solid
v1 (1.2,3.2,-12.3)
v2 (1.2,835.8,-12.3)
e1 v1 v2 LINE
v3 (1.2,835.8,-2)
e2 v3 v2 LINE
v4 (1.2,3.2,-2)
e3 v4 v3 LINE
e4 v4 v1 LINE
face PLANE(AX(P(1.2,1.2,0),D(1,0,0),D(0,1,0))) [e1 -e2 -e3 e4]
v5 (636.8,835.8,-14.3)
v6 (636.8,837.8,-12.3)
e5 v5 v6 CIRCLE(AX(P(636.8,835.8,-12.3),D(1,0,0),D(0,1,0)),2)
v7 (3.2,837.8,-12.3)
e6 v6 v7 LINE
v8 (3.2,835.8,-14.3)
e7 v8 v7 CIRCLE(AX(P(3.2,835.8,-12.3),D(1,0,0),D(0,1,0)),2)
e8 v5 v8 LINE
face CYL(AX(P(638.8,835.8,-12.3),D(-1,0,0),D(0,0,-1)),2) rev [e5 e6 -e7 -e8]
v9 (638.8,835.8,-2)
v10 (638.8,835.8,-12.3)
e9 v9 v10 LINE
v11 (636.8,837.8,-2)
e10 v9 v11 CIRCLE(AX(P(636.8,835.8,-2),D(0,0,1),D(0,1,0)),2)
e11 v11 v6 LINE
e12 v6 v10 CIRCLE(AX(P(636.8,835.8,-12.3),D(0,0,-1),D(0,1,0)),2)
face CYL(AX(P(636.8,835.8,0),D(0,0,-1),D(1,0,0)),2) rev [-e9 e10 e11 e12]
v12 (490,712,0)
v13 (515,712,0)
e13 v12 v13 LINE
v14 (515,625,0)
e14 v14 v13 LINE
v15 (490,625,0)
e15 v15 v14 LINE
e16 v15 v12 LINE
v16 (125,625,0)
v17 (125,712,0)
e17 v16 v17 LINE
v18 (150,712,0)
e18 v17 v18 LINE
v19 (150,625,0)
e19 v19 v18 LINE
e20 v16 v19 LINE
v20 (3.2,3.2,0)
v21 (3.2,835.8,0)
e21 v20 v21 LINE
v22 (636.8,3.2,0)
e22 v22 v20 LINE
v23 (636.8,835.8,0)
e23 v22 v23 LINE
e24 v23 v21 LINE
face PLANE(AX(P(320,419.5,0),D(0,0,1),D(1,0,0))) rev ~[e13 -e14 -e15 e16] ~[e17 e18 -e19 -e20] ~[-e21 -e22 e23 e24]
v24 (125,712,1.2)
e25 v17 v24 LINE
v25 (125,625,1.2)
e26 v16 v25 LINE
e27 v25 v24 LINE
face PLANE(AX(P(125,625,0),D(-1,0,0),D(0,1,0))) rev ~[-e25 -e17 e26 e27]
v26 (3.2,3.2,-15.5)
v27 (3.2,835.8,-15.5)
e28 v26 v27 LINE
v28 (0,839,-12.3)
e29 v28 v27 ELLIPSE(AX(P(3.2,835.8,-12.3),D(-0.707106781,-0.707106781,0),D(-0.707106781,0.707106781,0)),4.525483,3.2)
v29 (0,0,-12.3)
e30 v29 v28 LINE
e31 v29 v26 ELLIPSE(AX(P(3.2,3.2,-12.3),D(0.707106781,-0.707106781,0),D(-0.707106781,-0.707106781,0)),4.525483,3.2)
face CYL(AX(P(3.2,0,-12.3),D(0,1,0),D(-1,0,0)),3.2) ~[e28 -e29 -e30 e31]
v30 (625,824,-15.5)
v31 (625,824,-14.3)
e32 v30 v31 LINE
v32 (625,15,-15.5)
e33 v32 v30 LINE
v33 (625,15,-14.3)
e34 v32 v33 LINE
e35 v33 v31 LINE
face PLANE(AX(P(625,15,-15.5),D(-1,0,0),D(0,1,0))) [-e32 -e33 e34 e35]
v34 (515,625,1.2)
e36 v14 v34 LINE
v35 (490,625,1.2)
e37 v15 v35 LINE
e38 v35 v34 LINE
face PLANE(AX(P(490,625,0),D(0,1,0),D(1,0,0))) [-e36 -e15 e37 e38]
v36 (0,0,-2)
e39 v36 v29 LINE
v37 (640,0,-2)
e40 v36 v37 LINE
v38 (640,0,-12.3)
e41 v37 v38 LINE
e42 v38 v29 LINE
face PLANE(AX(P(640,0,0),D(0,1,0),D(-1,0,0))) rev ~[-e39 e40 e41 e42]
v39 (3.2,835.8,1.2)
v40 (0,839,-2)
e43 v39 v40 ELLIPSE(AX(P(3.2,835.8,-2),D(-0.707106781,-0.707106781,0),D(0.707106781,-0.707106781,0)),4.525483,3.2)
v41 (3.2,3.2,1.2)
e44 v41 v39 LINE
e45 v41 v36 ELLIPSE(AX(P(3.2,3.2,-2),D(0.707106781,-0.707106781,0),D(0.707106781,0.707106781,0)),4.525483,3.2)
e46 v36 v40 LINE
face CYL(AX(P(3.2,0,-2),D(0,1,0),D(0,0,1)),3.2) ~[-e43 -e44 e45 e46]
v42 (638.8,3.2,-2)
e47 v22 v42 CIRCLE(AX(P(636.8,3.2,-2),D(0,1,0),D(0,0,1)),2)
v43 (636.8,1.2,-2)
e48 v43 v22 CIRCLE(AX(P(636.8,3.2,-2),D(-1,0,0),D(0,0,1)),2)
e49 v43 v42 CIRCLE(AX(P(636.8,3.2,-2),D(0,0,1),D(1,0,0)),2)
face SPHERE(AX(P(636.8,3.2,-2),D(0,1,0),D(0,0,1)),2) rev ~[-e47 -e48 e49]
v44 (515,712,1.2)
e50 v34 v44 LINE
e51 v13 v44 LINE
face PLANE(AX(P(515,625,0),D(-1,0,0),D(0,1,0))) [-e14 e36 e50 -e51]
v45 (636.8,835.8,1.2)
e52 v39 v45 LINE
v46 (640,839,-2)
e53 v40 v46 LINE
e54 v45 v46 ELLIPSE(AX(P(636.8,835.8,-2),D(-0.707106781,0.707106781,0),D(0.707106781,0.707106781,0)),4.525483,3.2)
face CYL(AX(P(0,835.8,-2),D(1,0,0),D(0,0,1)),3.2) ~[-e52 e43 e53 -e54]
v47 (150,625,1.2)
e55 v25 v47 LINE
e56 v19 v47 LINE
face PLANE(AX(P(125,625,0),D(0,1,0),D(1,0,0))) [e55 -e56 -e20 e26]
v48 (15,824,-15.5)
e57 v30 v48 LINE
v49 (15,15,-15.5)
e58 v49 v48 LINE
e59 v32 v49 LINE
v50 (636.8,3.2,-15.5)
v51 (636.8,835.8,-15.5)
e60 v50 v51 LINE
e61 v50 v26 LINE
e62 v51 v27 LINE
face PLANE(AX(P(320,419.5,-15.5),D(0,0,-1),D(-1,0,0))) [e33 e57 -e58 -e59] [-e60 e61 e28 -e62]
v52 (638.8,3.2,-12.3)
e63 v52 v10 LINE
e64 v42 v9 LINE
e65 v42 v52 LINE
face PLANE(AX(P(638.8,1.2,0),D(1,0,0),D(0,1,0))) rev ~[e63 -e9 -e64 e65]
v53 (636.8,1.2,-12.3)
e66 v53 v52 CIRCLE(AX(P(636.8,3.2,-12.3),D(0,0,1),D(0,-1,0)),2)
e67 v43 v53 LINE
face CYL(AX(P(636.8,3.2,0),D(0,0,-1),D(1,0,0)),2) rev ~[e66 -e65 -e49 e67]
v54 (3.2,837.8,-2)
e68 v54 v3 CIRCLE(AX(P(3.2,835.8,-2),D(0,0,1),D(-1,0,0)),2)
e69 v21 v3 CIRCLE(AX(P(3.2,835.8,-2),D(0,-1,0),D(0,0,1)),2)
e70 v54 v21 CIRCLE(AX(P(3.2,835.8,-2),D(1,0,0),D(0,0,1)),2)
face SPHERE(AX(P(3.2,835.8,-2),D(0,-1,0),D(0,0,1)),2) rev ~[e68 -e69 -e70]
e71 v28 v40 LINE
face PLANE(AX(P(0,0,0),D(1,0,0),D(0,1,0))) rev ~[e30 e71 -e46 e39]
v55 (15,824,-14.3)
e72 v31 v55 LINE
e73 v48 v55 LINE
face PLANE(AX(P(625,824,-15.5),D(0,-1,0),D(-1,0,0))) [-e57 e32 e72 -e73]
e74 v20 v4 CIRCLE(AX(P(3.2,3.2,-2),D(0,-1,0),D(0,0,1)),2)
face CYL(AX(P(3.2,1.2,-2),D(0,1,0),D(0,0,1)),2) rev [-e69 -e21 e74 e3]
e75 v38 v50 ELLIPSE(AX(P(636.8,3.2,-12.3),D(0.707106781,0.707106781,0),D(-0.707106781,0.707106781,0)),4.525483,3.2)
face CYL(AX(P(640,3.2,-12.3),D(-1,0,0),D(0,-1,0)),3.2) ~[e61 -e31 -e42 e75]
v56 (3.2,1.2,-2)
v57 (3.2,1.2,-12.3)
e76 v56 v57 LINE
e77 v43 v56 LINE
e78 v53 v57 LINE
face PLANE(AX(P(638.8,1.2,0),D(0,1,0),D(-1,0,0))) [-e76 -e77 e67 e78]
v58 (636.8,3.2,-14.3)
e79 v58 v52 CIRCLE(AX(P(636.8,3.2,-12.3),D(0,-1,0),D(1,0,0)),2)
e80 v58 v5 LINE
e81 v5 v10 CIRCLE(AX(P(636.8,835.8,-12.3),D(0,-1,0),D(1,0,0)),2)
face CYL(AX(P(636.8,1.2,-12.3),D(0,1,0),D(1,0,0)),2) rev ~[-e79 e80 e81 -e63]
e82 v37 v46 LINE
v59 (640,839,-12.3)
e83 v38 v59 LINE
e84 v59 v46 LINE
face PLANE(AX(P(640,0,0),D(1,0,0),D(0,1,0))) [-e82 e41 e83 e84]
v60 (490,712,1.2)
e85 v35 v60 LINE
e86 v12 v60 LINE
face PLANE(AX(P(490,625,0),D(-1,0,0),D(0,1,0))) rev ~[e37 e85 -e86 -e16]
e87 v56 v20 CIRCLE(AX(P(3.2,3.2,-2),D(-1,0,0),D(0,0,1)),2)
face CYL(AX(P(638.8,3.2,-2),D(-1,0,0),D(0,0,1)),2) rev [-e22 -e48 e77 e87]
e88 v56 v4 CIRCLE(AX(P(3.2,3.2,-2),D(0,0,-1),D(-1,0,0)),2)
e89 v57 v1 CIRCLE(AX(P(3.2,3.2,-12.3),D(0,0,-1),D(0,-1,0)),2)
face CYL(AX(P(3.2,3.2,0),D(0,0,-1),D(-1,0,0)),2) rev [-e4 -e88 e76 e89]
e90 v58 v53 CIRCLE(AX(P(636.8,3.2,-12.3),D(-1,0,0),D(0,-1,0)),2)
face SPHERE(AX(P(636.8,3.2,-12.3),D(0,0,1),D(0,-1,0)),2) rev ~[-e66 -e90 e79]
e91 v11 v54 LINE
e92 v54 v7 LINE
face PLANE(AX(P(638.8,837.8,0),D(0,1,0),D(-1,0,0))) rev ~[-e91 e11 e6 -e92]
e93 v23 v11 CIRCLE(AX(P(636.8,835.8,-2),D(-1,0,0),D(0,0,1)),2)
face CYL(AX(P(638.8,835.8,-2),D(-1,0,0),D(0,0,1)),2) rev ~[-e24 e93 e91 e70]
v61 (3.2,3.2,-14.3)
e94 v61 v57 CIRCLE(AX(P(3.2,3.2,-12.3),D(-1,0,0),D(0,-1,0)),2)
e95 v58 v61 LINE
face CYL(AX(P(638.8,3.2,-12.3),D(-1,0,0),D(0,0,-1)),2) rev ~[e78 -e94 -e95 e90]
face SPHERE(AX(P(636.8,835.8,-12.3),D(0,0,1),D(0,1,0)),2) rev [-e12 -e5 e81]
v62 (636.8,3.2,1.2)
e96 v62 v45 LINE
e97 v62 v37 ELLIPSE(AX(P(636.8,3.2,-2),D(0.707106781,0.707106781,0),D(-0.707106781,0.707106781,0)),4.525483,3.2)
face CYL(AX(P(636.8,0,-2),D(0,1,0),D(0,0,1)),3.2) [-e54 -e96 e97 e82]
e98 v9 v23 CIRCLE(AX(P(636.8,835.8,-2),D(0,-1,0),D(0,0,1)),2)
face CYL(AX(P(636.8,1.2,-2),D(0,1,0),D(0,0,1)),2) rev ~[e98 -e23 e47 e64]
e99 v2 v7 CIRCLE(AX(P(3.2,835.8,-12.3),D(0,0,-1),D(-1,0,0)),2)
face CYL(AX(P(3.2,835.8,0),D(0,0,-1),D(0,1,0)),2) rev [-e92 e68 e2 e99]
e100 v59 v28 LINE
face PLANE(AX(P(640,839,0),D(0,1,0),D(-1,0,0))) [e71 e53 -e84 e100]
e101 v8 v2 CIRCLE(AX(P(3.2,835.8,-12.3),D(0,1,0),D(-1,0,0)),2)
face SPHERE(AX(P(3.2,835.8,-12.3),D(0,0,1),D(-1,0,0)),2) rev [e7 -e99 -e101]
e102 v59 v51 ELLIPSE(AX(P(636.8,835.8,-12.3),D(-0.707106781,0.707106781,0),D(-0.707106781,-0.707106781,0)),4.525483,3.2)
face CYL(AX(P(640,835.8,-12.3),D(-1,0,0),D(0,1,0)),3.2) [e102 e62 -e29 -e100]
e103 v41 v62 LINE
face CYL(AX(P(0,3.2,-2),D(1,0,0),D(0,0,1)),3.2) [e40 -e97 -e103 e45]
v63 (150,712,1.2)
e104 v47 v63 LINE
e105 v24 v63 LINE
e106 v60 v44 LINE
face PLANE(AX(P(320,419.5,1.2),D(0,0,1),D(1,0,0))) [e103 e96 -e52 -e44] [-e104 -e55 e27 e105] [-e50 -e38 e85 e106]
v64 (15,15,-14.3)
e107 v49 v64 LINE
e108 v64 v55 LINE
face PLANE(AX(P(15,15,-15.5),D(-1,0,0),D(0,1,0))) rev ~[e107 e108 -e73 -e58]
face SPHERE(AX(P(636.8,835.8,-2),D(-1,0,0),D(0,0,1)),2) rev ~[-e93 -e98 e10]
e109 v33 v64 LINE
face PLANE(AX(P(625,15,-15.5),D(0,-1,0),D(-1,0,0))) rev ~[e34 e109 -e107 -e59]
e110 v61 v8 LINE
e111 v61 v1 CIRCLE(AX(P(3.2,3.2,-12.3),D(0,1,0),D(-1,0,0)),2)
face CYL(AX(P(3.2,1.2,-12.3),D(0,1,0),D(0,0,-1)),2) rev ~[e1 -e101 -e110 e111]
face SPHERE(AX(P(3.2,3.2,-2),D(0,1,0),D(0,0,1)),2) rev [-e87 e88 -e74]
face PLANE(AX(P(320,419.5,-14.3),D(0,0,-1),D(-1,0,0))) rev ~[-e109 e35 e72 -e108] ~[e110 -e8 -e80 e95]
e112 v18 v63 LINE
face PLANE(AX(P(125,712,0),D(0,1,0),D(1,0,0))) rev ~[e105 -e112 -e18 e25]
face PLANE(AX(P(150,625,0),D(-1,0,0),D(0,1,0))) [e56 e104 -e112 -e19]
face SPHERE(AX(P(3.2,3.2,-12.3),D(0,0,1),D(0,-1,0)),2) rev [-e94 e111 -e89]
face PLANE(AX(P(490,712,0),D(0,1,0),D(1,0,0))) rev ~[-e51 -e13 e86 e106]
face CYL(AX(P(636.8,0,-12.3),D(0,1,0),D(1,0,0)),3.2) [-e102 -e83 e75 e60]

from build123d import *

# Parameters (mm, degrees)
SKETCH_1_W      = 640
SKETCH_1_H      = 839
SKETCH_1_W_2    = 25
SKETCH_1_H_2    = 87
EXTRUDE_1_DEPTH = 1.2
SKETCH_2_W      = 640
SKETCH_2_H      = 839
SKETCH_2_W_2    = 637.6
SKETCH_2_H_2    = 836.6
EXTRUDE_2_DEPTH = 15.5
SKETCH_3_W      = 640
SKETCH_3_H      = 839
SKETCH_3_W_2    = 610
SKETCH_3_H_2    = 809
EXTRUDE_3_DEPTH = 1.2
FILLET_1_R      = 2
FILLET_2_R      = 3.2
FILLET_3_R      = 3.2


with BuildPart() as part:
    # 스케치1 → 보스-돌출1 (new body)
    with BuildSketch(Plane.XY):
        with Locations((320, 419.5)):
            Rectangle(SKETCH_1_W, SKETCH_1_H)
        with Locations((137.5, 668.5)):
            Rectangle(SKETCH_1_W_2, SKETCH_1_H_2, mode=Mode.SUBTRACT)
        with Locations((502.5, 668.5)):
            Rectangle(SKETCH_1_W_2, SKETCH_1_H_2, mode=Mode.SUBTRACT)
    extrude(amount=EXTRUDE_1_DEPTH)

    # 스케치2 → 보스-돌출2 (add)
    with BuildSketch(Plane(origin=(0, 0, 0), x_dir=(-1, 0, 0), z_dir=(0, 0, -1))):
        with Locations((-320, 419.5)):
            Rectangle(SKETCH_2_W, SKETCH_2_H)
        with Locations((-320, 419.5)):
            Rectangle(SKETCH_2_W_2, SKETCH_2_H_2, mode=Mode.SUBTRACT)
    extrude(amount=EXTRUDE_2_DEPTH)

    # 스케치3 → 보스-돌출3 (add)
    with BuildSketch(Plane(origin=(0, 0, -15.5), x_dir=(-1, 0, 0), z_dir=(0, 0, -1))):
        with Locations((-320, 419.5)):
            Rectangle(SKETCH_3_W, SKETCH_3_H)
        with Locations((-320, 419.5)):
            Rectangle(SKETCH_3_W_2, SKETCH_3_H_2, mode=Mode.SUBTRACT)
    extrude(amount=-EXTRUDE_3_DEPTH)

    # 필렛1
    fillet_1_edges = [part.edges().sort_by_distance(p)[0] for p in [
        (1.2, 419.5, 0),
        (320, 837.8, 0),
        (638.8, 419.5, 0),
        (320, 1.2, 0),
        (638.8, 1.2, -7.15),
        (1.2, 1.2, -7.15),
        (320, 1.2, -14.3),
        (638.8, 837.8, -7.15),
        (1.2, 837.8, -7.15),
        (1.2, 419.5, -14.3),
        (320, 837.8, -14.3),
        (638.8, 419.5, -14.3),
    ]]
    fillet(fillet_1_edges, radius=FILLET_1_R)

    # 필렛2
    fillet_2_edges = [part.edges().sort_by_distance(p)[0] for p in [
        (640, 419.5, 1.2),
        (320, 839, 1.2),
        (0, 419.5, 1.2),
        (320, 0, 1.2),
    ]]
    fillet(fillet_2_edges, radius=FILLET_2_R)

    # 필렛3
    fillet_3_edges = [part.edges().sort_by_distance(p)[0] for p in [
        (320, 0, -15.5),
        (0, 419.5, -15.5),
        (320, 839, -15.5),
        (640, 419.5, -15.5),
    ]]
    fillet(fillet_3_edges, radius=FILLET_3_R)


solid = part.part
